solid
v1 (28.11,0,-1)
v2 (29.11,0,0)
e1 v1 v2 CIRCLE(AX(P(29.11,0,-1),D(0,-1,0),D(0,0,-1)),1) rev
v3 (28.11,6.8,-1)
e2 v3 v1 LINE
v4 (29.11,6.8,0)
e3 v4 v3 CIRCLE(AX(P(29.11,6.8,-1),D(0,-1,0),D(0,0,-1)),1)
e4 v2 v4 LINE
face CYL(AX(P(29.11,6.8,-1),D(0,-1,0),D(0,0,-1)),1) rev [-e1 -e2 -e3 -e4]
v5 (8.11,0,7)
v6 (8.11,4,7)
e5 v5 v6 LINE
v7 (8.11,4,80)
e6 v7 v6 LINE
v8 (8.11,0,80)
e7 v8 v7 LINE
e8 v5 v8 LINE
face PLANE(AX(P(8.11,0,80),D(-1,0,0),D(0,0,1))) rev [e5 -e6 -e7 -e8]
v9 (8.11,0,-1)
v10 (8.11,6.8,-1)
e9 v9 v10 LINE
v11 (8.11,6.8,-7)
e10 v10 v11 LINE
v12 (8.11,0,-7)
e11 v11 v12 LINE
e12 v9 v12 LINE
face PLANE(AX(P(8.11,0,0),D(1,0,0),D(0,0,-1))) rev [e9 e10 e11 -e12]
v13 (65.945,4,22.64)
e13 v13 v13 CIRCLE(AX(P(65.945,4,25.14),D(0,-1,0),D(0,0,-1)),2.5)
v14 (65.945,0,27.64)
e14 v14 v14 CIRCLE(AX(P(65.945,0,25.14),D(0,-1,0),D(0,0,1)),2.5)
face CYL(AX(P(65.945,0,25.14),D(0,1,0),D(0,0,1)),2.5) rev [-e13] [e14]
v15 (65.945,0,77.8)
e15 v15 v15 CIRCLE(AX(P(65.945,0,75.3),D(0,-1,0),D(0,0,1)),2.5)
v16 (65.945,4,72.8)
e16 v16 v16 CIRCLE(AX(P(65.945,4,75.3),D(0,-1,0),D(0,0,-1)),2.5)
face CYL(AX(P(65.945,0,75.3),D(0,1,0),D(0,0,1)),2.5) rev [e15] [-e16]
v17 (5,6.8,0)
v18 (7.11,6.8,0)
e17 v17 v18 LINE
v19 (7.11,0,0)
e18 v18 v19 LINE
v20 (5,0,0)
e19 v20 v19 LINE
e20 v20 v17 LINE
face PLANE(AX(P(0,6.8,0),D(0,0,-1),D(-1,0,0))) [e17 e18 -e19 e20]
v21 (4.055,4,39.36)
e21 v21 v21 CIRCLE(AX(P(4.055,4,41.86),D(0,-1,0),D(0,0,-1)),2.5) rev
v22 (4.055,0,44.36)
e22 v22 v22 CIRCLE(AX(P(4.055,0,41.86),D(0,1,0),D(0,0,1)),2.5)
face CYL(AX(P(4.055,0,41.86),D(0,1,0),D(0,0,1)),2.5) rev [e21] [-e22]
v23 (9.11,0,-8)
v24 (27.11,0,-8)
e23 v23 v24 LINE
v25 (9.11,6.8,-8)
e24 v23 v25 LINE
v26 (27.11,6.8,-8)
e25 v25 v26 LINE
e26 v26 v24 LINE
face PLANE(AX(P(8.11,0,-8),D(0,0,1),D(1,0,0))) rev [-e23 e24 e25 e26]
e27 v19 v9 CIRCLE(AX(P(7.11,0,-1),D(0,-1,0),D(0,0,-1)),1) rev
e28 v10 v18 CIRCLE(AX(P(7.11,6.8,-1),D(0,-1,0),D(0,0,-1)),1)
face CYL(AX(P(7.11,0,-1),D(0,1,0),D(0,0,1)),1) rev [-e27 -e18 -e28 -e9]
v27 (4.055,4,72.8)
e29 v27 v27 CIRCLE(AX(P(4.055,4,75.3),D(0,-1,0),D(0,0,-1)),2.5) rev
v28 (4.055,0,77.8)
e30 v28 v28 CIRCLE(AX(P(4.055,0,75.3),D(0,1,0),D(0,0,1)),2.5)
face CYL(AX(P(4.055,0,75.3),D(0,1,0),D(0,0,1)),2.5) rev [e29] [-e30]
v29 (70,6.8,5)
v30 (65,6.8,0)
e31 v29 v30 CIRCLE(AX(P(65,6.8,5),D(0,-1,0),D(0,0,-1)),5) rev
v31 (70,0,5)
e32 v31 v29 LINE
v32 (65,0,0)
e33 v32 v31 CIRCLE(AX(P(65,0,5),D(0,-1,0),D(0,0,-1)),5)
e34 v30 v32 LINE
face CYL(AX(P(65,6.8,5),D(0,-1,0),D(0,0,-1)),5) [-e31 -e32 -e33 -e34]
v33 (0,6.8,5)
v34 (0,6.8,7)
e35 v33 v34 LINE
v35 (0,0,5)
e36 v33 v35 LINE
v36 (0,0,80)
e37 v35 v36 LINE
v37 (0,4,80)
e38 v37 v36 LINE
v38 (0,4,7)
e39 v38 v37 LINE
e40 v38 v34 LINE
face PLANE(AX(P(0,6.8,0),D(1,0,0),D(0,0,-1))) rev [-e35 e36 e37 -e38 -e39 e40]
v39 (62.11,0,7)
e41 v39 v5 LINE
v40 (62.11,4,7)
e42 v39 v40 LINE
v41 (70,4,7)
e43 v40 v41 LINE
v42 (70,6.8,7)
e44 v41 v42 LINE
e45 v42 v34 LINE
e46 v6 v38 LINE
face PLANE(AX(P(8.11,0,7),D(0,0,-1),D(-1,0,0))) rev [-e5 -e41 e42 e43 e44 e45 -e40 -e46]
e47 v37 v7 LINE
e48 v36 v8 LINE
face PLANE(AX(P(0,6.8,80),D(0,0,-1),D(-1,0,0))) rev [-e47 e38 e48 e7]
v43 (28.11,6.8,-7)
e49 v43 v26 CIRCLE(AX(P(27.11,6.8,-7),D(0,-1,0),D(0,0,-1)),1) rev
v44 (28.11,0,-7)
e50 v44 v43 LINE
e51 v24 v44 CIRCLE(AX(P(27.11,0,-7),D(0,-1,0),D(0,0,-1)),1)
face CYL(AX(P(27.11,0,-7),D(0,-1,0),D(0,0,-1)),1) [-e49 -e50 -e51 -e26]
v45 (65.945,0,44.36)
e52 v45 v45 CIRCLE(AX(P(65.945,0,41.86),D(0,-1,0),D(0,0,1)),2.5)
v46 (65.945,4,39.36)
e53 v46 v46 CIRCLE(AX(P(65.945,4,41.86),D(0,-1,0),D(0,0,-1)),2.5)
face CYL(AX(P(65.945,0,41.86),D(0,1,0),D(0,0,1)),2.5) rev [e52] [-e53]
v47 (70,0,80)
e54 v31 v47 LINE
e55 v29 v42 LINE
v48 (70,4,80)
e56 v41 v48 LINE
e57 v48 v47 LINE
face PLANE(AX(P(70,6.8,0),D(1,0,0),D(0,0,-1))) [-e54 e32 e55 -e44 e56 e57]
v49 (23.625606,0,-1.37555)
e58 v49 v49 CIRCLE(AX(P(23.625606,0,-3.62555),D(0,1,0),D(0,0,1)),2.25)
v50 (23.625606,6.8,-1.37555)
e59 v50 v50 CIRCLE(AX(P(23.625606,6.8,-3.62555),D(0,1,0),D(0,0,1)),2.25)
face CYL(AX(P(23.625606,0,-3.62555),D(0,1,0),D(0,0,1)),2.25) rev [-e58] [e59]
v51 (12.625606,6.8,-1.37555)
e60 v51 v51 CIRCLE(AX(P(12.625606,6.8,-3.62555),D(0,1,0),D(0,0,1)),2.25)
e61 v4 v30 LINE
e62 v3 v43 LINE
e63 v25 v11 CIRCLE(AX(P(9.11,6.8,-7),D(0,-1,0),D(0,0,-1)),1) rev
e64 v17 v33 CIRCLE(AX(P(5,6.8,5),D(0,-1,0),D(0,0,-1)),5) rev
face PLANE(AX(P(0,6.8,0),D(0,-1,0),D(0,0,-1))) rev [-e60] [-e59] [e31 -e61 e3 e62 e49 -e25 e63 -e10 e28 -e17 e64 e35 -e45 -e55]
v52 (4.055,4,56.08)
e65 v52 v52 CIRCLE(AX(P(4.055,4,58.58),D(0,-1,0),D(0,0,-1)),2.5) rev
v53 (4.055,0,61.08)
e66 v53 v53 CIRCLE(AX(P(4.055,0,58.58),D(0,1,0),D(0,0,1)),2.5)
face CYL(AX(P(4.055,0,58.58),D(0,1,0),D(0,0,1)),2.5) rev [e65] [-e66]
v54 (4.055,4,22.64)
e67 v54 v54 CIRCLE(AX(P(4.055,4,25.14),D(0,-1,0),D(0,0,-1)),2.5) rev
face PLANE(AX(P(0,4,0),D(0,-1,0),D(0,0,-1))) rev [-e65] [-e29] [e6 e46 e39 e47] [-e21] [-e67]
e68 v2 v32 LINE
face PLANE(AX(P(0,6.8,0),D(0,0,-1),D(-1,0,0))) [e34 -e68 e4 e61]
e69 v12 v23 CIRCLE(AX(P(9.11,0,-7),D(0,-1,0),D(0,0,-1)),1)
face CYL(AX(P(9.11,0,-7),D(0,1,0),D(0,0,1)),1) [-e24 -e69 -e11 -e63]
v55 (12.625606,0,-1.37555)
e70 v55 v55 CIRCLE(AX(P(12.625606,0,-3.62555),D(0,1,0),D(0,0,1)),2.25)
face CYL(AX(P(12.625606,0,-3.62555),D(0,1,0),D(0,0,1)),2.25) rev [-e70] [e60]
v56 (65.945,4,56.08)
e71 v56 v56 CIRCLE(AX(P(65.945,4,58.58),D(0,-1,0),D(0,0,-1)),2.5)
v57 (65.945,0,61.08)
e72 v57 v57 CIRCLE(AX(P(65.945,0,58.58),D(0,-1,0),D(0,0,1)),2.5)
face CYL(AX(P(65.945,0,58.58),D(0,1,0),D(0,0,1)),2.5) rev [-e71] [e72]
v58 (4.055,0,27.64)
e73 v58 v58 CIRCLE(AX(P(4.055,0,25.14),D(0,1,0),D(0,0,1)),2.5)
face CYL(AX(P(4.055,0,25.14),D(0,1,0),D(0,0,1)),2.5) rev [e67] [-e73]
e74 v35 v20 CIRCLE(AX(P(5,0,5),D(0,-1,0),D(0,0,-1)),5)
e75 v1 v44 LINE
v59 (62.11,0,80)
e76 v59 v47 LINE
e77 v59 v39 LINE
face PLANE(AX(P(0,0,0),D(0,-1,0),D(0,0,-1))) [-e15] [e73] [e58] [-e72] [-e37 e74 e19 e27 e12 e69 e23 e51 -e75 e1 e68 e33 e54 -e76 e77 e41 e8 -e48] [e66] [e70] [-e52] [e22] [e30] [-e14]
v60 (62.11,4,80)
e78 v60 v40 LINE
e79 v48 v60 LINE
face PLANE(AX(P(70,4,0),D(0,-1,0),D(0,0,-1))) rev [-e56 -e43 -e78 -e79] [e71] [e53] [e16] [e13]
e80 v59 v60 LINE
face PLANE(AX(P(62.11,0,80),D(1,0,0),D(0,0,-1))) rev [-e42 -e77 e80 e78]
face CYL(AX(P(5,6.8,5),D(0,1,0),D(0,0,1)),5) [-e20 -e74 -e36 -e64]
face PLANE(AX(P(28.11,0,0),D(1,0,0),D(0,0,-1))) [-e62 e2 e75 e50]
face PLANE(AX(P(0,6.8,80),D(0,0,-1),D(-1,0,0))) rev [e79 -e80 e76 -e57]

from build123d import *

# Parameters (mm, degrees)
SKETCH1_W               = 70
SKETCH1_H               = 80
BOSS_EXTRUDE1_DEPTH     = 6.8
SKETCH2_W               = 54
SKETCH2_H               = 73
CUT_EXTRUDE1_DEPTH      = 107.518730747
SKETCH3_R               = 2.5
CUT_EXTRUDE2_DEPTH      = 107.518730747
LPATTERN1_COUNT         = 4
LPATTERN1_PITCH         = 16.72
MIRROR1_COPY_1_SKETCH_R = 2.5
MIRROR1_COPY_1_DEPTH    = 107.518730747
MIRROR1_COPY_2_SKETCH_R = 2.5
MIRROR1_COPY_2_DEPTH    = 107.518730747
MIRROR1_COPY_3_SKETCH_R = 2.5
MIRROR1_COPY_3_DEPTH    = 107.518730747
SKETCH5_W               = 8.11
SKETCH5_H               = 73
CUT_EXTRUDE3_DEPTH      = 2.8
SKETCH4_W               = 20
SKETCH4_H               = 8
BOSS_EXTRUDE2_DEPTH     = 6.8
SKETCH7_R               = 2.25
CUT_EXTRUDE4_DEPTH      = 6.8
FILLET1_R               = 1
FILLET2_R               = 1
FILLET3_R               = 5


with BuildPart() as part:
    # Sketch1 → Boss-Extrude1 (new body)
    with BuildSketch(Plane(origin=(0, 0, 0), x_dir=(1, 0, 0), z_dir=(0, 1, 0))):
        with Locations((35, -40)):
            Rectangle(SKETCH1_W, SKETCH1_H)
    extrude(amount=BOSS_EXTRUDE1_DEPTH)

    # Sketch2 → Cut-Extrude1 (cut, through all)
    with BuildSketch(Plane(origin=(0, 6.8, 0), x_dir=(1, 0, 0), z_dir=(0, 1, 0))):
        with Locations((35.11, -43.5)):
            Rectangle(SKETCH2_W, SKETCH2_H)
    extrude(amount=-CUT_EXTRUDE1_DEPTH, mode=Mode.SUBTRACT)

    # Sketch3 → Cut-Extrude2 (cut, through all)
    with BuildSketch(Plane(origin=(0, 6.8, 0), x_dir=(1, 0, 0), z_dir=(0, 1, 0))):
        with Locations(Location((4.055, -75.3, 0), (0, 0, 270))):
            Circle(SKETCH3_R)
    cut_extrude2 = extrude(amount=-CUT_EXTRUDE2_DEPTH, mode=Mode.SUBTRACT)

    # LPattern1: Cut-Extrude2 ×4
    with Locations(*[(0, 0, -i * LPATTERN1_PITCH) for i in range(1, LPATTERN1_COUNT)]):
        add(cut_extrude2, mode=Mode.SUBTRACT)

    # Mirror1: Cut-Extrude2 across plane
    add(cut_extrude2.mirror(Plane(origin=(35, 0, 0), x_dir=(0, 0, 1), z_dir=(1, 0, 0))), mode=Mode.SUBTRACT)

    # Mirror1 copy 1 sketch → Mirror1 copy 1 (cut, through all)
    with BuildSketch(Plane(origin=(70, 6.8, -16.72), x_dir=(-1, 0, 0), z_dir=(0, 1, 0))):
        with Locations((4.055, 75.3)):
            Circle(MIRROR1_COPY_1_SKETCH_R)
    extrude(amount=-MIRROR1_COPY_1_DEPTH, mode=Mode.SUBTRACT)

    # Mirror1 copy 2 sketch → Mirror1 copy 2 (cut, through all)
    with BuildSketch(Plane(origin=(70, 6.8, -33.44), x_dir=(-1, 0, 0), z_dir=(0, 1, 0))):
        with Locations((4.055, 75.3)):
            Circle(MIRROR1_COPY_2_SKETCH_R)
    extrude(amount=-MIRROR1_COPY_2_DEPTH, mode=Mode.SUBTRACT)

    # Mirror1 copy 3 sketch → Mirror1 copy 3 (cut, through all)
    with BuildSketch(Plane(origin=(70, 6.8, -50.16), x_dir=(-1, 0, 0), z_dir=(0, 1, 0))):
        with Locations((4.055, 75.3)):
            Circle(MIRROR1_COPY_3_SKETCH_R)
    extrude(amount=-MIRROR1_COPY_3_DEPTH, mode=Mode.SUBTRACT)

    # Sketch5 → Cut-Extrude3 (cut)
    with BuildSketch(Plane(origin=(0, 6.8, 0), x_dir=(1, 0, 0), z_dir=(0, 1, 0))):
        with Locations((4.055, -43.5)):
            Rectangle(SKETCH5_W, SKETCH5_H)
    cut_extrude3 = extrude(amount=-CUT_EXTRUDE3_DEPTH, mode=Mode.SUBTRACT)

    # Mirror2: Cut-Extrude3 across plane
    add(cut_extrude3.mirror(Plane(origin=(35, 0, 0), x_dir=(0, 0, 1), z_dir=(1, 0, 0))), mode=Mode.SUBTRACT)

    # Sketch4 → Boss-Extrude2 (add)
    with BuildSketch(Plane(origin=(0, 6.8, 0), x_dir=(1, 0, 0), z_dir=(0, 1, 0))):
        with Locations((18.11, 4)):
            Rectangle(SKETCH4_W, SKETCH4_H)
    extrude(amount=-BOSS_EXTRUDE2_DEPTH)

    # Sketch7 → Cut-Extrude4 (cut)
    with BuildSketch(Plane(origin=(0, 6.8, 0), x_dir=(1, 0, 0), z_dir=(0, 1, 0))):
        with Locations(Location((12.625606255, 3.625550083, 0), (0, 0, 270))):
            Circle(SKETCH7_R)
        with Locations(Location((23.625606255, 3.625550083, 0), (0, 0, 270))):
            Circle(SKETCH7_R)
    extrude(amount=-CUT_EXTRUDE4_DEPTH, mode=Mode.SUBTRACT)

    # Fillet1
    fillet1_edges = [part.edges().sort_by_distance(p)[0] for p in [
        (8.11, 3.4, 0),
    ]]
    fillet(fillet1_edges, radius=FILLET1_R)

    # Fillet2
    fillet2_edges = [part.edges().sort_by_distance(p)[0] for p in [
        (8.11, 3.4, -8),
        (28.11, 3.4, -8),
        (28.11, 3.4, 0),
    ]]
    fillet(fillet2_edges, radius=FILLET2_R)

    # Fillet3
    fillet3_edges = [part.edges().sort_by_distance(p)[0] for p in [
        (0, 3.4, 0),
        (70, 3.4, 0),
    ]]
    fillet(fillet3_edges, radius=FILLET3_R)


solid = part.part
